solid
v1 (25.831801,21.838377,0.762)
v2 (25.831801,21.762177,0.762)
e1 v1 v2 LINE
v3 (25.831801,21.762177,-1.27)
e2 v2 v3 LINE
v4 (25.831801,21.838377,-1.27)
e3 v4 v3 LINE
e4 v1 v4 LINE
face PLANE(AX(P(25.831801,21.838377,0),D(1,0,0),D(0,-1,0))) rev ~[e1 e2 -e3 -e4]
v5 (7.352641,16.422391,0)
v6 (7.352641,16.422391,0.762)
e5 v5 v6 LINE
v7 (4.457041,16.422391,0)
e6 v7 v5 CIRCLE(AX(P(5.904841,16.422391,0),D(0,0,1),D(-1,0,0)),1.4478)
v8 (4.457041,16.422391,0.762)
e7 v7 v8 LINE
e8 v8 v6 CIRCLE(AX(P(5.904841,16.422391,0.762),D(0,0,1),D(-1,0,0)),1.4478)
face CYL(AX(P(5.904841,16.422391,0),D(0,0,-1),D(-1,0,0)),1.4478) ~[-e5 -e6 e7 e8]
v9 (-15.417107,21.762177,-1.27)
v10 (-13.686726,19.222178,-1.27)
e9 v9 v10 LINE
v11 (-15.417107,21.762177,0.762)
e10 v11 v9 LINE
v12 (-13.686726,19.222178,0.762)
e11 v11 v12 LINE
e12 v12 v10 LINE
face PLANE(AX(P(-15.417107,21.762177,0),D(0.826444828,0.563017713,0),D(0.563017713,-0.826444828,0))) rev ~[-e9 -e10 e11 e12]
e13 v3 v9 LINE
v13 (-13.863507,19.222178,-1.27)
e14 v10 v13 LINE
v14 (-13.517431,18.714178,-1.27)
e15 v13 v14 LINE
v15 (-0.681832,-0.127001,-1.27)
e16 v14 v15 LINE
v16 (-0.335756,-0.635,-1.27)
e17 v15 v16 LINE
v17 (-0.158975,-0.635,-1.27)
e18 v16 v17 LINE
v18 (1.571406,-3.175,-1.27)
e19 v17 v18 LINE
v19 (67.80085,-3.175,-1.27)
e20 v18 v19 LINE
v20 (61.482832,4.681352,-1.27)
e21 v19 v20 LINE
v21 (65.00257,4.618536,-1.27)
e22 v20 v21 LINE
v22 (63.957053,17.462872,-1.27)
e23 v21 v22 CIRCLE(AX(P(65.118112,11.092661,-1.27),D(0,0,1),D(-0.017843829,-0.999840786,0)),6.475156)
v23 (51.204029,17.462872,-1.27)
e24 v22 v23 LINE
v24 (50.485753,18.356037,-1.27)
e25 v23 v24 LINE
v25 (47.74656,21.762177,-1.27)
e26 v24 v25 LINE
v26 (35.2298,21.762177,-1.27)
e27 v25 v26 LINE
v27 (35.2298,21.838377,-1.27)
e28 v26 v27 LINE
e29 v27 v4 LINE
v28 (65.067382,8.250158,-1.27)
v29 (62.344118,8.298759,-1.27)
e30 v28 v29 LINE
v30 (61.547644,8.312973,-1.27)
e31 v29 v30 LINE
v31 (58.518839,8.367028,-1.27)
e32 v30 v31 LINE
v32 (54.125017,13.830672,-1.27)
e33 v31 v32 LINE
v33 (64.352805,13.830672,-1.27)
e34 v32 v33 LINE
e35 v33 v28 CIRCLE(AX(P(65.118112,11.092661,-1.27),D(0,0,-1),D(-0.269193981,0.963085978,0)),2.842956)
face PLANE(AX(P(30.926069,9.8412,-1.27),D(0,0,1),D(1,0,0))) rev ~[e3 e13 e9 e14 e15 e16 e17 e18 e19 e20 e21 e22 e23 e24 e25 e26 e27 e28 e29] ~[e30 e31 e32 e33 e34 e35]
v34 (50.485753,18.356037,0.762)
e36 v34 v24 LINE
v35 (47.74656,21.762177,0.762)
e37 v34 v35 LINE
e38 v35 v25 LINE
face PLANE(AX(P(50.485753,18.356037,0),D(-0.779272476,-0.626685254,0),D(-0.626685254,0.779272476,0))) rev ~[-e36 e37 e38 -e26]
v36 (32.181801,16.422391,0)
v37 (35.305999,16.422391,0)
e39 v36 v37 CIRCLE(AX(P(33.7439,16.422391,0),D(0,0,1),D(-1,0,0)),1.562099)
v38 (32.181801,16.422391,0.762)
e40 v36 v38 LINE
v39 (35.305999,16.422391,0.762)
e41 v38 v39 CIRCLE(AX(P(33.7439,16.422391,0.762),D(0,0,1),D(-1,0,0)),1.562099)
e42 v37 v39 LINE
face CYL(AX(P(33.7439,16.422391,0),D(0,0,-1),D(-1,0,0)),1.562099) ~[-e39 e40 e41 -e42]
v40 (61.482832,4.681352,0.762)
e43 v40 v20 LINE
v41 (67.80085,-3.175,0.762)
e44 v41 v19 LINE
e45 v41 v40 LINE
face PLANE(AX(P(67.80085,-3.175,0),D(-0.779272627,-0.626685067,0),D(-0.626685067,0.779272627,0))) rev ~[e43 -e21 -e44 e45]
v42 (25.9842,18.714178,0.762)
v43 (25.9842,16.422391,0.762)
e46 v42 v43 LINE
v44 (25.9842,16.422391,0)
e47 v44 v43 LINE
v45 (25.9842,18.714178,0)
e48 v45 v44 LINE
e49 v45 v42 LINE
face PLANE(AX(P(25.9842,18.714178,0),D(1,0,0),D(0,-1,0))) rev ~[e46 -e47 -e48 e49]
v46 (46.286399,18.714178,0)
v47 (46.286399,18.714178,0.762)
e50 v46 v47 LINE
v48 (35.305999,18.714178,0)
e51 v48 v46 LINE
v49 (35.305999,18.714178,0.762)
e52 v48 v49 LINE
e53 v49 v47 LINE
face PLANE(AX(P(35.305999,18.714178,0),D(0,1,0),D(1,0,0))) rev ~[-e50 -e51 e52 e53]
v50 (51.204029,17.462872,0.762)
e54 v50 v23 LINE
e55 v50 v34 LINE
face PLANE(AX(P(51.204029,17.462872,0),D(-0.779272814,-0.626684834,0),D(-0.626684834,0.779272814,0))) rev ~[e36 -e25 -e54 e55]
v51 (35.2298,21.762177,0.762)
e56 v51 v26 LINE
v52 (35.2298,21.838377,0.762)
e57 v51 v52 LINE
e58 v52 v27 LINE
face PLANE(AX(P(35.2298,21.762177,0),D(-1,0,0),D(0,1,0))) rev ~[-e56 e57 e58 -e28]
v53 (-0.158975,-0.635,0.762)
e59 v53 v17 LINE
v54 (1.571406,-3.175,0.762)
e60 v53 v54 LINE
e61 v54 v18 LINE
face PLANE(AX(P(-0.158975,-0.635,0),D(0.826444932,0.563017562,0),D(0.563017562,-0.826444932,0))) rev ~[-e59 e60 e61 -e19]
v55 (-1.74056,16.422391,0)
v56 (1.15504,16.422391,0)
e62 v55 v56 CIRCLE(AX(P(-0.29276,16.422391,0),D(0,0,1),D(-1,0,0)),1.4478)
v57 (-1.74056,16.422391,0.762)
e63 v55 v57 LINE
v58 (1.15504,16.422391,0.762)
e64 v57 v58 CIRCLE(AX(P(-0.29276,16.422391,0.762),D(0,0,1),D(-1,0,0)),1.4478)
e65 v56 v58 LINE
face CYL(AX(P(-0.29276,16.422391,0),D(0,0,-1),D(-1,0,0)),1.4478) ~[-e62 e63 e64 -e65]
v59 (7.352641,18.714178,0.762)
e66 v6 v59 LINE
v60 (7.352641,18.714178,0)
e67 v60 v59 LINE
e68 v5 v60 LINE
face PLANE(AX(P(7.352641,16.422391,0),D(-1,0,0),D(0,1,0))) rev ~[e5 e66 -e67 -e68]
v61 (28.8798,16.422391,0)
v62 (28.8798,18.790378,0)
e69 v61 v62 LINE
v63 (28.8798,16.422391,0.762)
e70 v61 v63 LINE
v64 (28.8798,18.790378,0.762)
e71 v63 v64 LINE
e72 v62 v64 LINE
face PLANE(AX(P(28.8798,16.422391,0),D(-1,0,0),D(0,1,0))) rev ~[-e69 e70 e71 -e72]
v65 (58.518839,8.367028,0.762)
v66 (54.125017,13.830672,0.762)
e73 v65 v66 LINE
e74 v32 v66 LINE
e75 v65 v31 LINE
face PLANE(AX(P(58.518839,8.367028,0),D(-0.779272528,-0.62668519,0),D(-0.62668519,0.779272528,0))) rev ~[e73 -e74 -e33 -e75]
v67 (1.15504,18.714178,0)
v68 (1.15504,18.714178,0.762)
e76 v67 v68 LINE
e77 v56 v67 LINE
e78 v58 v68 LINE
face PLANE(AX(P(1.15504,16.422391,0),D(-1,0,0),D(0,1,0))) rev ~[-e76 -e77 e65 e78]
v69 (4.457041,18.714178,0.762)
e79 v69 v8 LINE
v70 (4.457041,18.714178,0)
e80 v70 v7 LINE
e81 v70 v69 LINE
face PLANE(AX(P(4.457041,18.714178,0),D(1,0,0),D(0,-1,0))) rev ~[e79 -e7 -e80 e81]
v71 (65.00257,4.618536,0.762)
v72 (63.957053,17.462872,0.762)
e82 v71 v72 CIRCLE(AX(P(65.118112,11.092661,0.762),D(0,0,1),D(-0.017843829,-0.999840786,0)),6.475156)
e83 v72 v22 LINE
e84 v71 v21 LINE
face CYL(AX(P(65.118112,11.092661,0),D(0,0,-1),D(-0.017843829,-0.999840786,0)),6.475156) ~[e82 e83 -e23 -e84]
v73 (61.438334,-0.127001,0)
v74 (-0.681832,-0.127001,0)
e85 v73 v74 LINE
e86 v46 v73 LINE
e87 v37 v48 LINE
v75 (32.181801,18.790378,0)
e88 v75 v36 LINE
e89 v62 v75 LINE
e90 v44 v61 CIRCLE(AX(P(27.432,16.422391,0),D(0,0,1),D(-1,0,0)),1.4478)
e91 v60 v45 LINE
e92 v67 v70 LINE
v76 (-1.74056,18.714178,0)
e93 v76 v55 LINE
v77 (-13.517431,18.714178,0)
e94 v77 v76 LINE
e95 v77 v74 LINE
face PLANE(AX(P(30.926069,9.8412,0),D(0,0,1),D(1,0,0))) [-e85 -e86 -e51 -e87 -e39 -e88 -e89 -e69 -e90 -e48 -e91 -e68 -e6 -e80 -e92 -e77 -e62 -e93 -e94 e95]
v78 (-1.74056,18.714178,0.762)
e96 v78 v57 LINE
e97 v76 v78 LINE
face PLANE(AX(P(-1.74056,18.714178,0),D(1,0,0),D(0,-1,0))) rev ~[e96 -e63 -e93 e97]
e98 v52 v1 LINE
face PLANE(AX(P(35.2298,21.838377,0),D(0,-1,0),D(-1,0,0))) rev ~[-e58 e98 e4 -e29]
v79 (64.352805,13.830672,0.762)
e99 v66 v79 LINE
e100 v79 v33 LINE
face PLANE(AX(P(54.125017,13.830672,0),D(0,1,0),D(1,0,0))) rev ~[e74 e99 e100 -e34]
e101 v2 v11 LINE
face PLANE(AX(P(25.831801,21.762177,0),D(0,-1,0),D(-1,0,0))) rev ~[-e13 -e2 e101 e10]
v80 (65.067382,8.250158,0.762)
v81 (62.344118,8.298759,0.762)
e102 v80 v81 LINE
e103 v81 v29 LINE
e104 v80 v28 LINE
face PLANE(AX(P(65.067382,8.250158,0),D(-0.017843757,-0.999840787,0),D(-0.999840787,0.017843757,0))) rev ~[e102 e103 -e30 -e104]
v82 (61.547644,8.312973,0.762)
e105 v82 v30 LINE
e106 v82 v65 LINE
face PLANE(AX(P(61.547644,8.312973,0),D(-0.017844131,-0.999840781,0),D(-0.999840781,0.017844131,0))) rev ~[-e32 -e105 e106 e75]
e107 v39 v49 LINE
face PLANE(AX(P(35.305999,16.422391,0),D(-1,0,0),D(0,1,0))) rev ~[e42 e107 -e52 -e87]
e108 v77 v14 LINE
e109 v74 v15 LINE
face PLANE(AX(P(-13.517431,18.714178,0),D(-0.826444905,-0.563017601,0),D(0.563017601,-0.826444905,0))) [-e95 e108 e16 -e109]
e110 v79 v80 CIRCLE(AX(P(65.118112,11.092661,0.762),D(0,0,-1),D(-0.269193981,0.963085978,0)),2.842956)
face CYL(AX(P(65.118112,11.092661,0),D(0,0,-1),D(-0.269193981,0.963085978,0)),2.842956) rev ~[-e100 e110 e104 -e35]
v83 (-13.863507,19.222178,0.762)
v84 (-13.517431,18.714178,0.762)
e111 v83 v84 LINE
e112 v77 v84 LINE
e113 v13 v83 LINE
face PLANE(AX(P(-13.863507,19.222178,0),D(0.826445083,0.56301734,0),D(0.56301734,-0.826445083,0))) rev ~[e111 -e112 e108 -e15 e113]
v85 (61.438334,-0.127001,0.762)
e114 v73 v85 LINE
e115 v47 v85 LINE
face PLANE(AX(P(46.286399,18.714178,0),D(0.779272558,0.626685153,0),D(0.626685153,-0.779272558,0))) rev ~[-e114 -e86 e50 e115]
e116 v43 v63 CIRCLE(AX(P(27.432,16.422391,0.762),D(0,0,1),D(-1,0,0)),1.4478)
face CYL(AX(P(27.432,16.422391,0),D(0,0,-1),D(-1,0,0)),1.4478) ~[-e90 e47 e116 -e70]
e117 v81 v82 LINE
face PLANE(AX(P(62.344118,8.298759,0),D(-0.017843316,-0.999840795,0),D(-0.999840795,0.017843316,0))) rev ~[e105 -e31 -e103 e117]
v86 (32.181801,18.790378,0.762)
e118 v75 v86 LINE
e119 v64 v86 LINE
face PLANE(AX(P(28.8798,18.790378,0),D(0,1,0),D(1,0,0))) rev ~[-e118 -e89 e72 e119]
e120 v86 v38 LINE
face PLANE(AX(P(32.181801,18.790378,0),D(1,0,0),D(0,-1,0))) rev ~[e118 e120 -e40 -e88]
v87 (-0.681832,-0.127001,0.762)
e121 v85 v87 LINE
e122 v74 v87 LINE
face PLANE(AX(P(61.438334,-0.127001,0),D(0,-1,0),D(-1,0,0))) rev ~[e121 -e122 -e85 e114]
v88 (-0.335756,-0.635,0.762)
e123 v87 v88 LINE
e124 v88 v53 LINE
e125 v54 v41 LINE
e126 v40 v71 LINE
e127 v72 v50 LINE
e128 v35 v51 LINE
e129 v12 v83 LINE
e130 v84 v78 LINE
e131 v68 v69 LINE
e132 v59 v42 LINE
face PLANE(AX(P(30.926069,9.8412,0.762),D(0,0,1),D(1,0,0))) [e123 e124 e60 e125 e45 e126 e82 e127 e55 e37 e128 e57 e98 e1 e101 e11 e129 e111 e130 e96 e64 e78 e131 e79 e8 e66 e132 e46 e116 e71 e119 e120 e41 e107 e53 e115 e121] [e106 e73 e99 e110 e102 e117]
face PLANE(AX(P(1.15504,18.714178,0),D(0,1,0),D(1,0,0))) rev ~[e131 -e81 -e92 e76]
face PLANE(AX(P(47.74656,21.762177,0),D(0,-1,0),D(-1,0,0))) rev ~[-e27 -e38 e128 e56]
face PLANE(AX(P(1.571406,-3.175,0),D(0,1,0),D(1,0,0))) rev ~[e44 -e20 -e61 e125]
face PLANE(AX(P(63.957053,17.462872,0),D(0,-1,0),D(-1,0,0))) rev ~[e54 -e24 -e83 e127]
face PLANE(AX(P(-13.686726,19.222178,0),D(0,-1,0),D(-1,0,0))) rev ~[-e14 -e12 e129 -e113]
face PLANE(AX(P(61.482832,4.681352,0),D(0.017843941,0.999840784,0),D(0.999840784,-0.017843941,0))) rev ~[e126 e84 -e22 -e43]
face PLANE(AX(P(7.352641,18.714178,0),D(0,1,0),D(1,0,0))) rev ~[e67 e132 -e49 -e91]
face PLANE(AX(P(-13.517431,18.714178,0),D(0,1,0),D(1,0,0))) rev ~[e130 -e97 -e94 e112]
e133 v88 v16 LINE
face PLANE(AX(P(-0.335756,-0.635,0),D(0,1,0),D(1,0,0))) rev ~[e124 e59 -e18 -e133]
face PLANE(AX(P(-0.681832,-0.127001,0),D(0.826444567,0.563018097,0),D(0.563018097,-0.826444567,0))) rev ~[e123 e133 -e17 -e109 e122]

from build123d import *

# Parameters (mm, degrees)
F1_DEPTH = 1.27
F2_DEPTH = 0.762


with BuildPart() as f1:
    # F0 (on Top) → F1 (new body)
    with BuildSketch(Plane.XY):
        with BuildLine():
            Line((-13.686726, 19.222178), (-13.863507, 19.222178))
            Line((-13.863507, 19.222178), (-13.517431, 18.714178))
            Line((-13.517431, 18.714178), (-1.74056, 18.714178))
            Line((-1.74056, 18.714178), (-1.74056, 16.422391))
            ThreePointArc((-1.74056, 16.422391), (-0.29276, 14.974591), (1.15504, 16.422391))
            Line((1.15504, 16.422391), (1.15504, 18.714178))
            Line((1.15504, 18.714178), (4.457041, 18.714178))
            Line((4.457041, 18.714178), (4.457041, 16.422391))
            ThreePointArc((4.457041, 16.422391), (5.904841, 14.974591), (7.352641, 16.422391))
            Line((7.352641, 16.422391), (7.352641, 18.714178))
            Line((7.352641, 18.714178), (25.9842, 18.714178))
            Line((25.9842, 18.714178), (25.9842, 16.422391))
            ThreePointArc((25.9842, 16.422391), (27.432, 14.974591), (28.8798, 16.422391))
            Line((28.8798, 16.422391), (28.8798, 18.790378))
            Line((28.8798, 18.790378), (32.181801, 18.790378))
            Line((32.181801, 18.790378), (32.181801, 16.422391))
            ThreePointArc((32.181801, 16.422391), (33.7439, 14.860292), (35.305999, 16.422391))
            Line((35.305999, 16.422391), (35.305999, 18.714178))
            Line((35.305999, 18.714178), (46.286399, 18.714178))
            Line((46.286399, 18.714178), (61.438334, -0.127001))
            Line((61.438334, -0.127001), (0.270195, -0.127001))
            Line((0.270195, -0.127001), (-0.681832, -0.127001))
            Line((-0.681832, -0.127001), (-0.335756, -0.635))
            Line((-0.335756, -0.635), (-0.158975, -0.635))
            Line((-0.158975, -0.635), (1.571406, -3.175))
            Line((1.571406, -3.175), (67.80085, -3.175))
            Line((67.80085, -3.175), (61.482832, 4.681352))
            Line((61.482832, 4.681352), (65.00257, 4.618536))
            ThreePointArc((65.00257, 4.618536), (71.571922, 11.617995), (63.957053, 17.462872))
            Line((63.957053, 17.462872), (51.204029, 17.462872))
            Line((51.204029, 17.462872), (50.485753, 18.356037))
            Line((50.485753, 18.356037), (47.74656, 21.762177))
            Line((47.74656, 21.762177), (35.2298, 21.762177))
            Line((35.2298, 21.762177), (35.2298, 21.838377))
            Line((35.2298, 21.838377), (25.831801, 21.838377))
            Line((25.831801, 21.838377), (25.831801, 21.762177))
            Line((25.831801, 21.762177), (4.304642, 21.762177))
            Line((4.304642, 21.762177), (-1.892959, 21.762177))
            Line((-1.892959, 21.762177), (-15.417107, 21.762177))
            Line((-15.417107, 21.762177), (-13.686726, 19.222178))
        make_face()
        with BuildLine():
            Line((54.125017, 13.830672), (64.352805, 13.830672))
            ThreePointArc((64.352805, 13.830672), (67.938043, 11.453749), (65.067382, 8.250158))
            Line((65.067382, 8.250158), (62.344118, 8.298759))
            Line((62.344118, 8.298759), (61.547644, 8.312973))
            Line((61.547644, 8.312973), (58.518839, 8.367028))
            Line((58.518839, 8.367028), (54.125017, 13.830672))
        make_face(mode=Mode.SUBTRACT)
        with BuildLine():
            Line((-1.74056, 18.714178), (-13.517431, 18.714178))
            Line((-13.517431, 18.714178), (-0.681832, -0.127001))
            Line((-0.681832, -0.127001), (0.270195, -0.127001))
            Line((0.270195, -0.127001), (61.438334, -0.127001))
            Line((61.438334, -0.127001), (46.286399, 18.714178))
            Line((46.286399, 18.714178), (35.305999, 18.714178))
            Line((35.305999, 18.714178), (35.305999, 16.422391))
            ThreePointArc((35.305999, 16.422391), (33.7439, 14.860292), (32.181801, 16.422391))
            Line((32.181801, 16.422391), (32.181801, 18.790378))
            Line((32.181801, 18.790378), (28.8798, 18.790378))
            Line((28.8798, 18.790378), (28.8798, 16.422391))
            ThreePointArc((28.8798, 16.422391), (27.432, 14.974591), (25.9842, 16.422391))
            Line((25.9842, 16.422391), (25.9842, 18.714178))
            Line((25.9842, 18.714178), (7.352641, 18.714178))
            Line((7.352641, 18.714178), (7.352641, 16.422391))
            ThreePointArc((7.352641, 16.422391), (5.904841, 14.974591), (4.457041, 16.422391))
            Line((4.457041, 16.422391), (4.457041, 18.714178))
            Line((4.457041, 18.714178), (1.15504, 18.714178))
            Line((1.15504, 18.714178), (1.15504, 16.422391))
            ThreePointArc((1.15504, 16.422391), (-0.29276, 14.974591), (-1.74056, 16.422391))
            Line((-1.74056, 16.422391), (-1.74056, 18.714178))
        make_face()
    extrude(amount=-F1_DEPTH)

    # F0 (on Top) → F2 (join)
    with BuildSketch(Plane.XY):
        with BuildLine():
            Line((-13.686726, 19.222178), (-13.863507, 19.222178))
            Line((-13.863507, 19.222178), (-13.517431, 18.714178))
            Line((-13.517431, 18.714178), (-1.74056, 18.714178))
            Line((-1.74056, 18.714178), (-1.74056, 16.422391))
            ThreePointArc((-1.74056, 16.422391), (-0.29276, 14.974591), (1.15504, 16.422391))
            Line((1.15504, 16.422391), (1.15504, 18.714178))
            Line((1.15504, 18.714178), (4.457041, 18.714178))
            Line((4.457041, 18.714178), (4.457041, 16.422391))
            ThreePointArc((4.457041, 16.422391), (5.904841, 14.974591), (7.352641, 16.422391))
            Line((7.352641, 16.422391), (7.352641, 18.714178))
            Line((7.352641, 18.714178), (25.9842, 18.714178))
            Line((25.9842, 18.714178), (25.9842, 16.422391))
            ThreePointArc((25.9842, 16.422391), (27.432, 14.974591), (28.8798, 16.422391))
            Line((28.8798, 16.422391), (28.8798, 18.790378))
            Line((28.8798, 18.790378), (32.181801, 18.790378))
            Line((32.181801, 18.790378), (32.181801, 16.422391))
            ThreePointArc((32.181801, 16.422391), (33.7439, 14.860292), (35.305999, 16.422391))
            Line((35.305999, 16.422391), (35.305999, 18.714178))
            Line((35.305999, 18.714178), (46.286399, 18.714178))
            Line((46.286399, 18.714178), (61.438334, -0.127001))
            Line((61.438334, -0.127001), (0.270195, -0.127001))
            Line((0.270195, -0.127001), (-0.681832, -0.127001))
            Line((-0.681832, -0.127001), (-0.335756, -0.635))
            Line((-0.335756, -0.635), (-0.158975, -0.635))
            Line((-0.158975, -0.635), (1.571406, -3.175))
            Line((1.571406, -3.175), (67.80085, -3.175))
            Line((67.80085, -3.175), (61.482832, 4.681352))
            Line((61.482832, 4.681352), (65.00257, 4.618536))
            ThreePointArc((65.00257, 4.618536), (71.571922, 11.617995), (63.957053, 17.462872))
            Line((63.957053, 17.462872), (51.204029, 17.462872))
            Line((51.204029, 17.462872), (50.485753, 18.356037))
            Line((50.485753, 18.356037), (47.74656, 21.762177))
            Line((47.74656, 21.762177), (35.2298, 21.762177))
            Line((35.2298, 21.762177), (35.2298, 21.838377))
            Line((35.2298, 21.838377), (25.831801, 21.838377))
            Line((25.831801, 21.838377), (25.831801, 21.762177))
            Line((25.831801, 21.762177), (4.304642, 21.762177))
            Line((4.304642, 21.762177), (-1.892959, 21.762177))
            Line((-1.892959, 21.762177), (-15.417107, 21.762177))
            Line((-15.417107, 21.762177), (-13.686726, 19.222178))
        make_face()
        with BuildLine():
            Line((54.125017, 13.830672), (64.352805, 13.830672))
            ThreePointArc((64.352805, 13.830672), (67.938043, 11.453749), (65.067382, 8.250158))
            Line((65.067382, 8.250158), (62.344118, 8.298759))
            Line((62.344118, 8.298759), (61.547644, 8.312973))
            Line((61.547644, 8.312973), (58.518839, 8.367028))
            Line((58.518839, 8.367028), (54.125017, 13.830672))
        make_face(mode=Mode.SUBTRACT)
    extrude(amount=F2_DEPTH)


solid = f1.part
